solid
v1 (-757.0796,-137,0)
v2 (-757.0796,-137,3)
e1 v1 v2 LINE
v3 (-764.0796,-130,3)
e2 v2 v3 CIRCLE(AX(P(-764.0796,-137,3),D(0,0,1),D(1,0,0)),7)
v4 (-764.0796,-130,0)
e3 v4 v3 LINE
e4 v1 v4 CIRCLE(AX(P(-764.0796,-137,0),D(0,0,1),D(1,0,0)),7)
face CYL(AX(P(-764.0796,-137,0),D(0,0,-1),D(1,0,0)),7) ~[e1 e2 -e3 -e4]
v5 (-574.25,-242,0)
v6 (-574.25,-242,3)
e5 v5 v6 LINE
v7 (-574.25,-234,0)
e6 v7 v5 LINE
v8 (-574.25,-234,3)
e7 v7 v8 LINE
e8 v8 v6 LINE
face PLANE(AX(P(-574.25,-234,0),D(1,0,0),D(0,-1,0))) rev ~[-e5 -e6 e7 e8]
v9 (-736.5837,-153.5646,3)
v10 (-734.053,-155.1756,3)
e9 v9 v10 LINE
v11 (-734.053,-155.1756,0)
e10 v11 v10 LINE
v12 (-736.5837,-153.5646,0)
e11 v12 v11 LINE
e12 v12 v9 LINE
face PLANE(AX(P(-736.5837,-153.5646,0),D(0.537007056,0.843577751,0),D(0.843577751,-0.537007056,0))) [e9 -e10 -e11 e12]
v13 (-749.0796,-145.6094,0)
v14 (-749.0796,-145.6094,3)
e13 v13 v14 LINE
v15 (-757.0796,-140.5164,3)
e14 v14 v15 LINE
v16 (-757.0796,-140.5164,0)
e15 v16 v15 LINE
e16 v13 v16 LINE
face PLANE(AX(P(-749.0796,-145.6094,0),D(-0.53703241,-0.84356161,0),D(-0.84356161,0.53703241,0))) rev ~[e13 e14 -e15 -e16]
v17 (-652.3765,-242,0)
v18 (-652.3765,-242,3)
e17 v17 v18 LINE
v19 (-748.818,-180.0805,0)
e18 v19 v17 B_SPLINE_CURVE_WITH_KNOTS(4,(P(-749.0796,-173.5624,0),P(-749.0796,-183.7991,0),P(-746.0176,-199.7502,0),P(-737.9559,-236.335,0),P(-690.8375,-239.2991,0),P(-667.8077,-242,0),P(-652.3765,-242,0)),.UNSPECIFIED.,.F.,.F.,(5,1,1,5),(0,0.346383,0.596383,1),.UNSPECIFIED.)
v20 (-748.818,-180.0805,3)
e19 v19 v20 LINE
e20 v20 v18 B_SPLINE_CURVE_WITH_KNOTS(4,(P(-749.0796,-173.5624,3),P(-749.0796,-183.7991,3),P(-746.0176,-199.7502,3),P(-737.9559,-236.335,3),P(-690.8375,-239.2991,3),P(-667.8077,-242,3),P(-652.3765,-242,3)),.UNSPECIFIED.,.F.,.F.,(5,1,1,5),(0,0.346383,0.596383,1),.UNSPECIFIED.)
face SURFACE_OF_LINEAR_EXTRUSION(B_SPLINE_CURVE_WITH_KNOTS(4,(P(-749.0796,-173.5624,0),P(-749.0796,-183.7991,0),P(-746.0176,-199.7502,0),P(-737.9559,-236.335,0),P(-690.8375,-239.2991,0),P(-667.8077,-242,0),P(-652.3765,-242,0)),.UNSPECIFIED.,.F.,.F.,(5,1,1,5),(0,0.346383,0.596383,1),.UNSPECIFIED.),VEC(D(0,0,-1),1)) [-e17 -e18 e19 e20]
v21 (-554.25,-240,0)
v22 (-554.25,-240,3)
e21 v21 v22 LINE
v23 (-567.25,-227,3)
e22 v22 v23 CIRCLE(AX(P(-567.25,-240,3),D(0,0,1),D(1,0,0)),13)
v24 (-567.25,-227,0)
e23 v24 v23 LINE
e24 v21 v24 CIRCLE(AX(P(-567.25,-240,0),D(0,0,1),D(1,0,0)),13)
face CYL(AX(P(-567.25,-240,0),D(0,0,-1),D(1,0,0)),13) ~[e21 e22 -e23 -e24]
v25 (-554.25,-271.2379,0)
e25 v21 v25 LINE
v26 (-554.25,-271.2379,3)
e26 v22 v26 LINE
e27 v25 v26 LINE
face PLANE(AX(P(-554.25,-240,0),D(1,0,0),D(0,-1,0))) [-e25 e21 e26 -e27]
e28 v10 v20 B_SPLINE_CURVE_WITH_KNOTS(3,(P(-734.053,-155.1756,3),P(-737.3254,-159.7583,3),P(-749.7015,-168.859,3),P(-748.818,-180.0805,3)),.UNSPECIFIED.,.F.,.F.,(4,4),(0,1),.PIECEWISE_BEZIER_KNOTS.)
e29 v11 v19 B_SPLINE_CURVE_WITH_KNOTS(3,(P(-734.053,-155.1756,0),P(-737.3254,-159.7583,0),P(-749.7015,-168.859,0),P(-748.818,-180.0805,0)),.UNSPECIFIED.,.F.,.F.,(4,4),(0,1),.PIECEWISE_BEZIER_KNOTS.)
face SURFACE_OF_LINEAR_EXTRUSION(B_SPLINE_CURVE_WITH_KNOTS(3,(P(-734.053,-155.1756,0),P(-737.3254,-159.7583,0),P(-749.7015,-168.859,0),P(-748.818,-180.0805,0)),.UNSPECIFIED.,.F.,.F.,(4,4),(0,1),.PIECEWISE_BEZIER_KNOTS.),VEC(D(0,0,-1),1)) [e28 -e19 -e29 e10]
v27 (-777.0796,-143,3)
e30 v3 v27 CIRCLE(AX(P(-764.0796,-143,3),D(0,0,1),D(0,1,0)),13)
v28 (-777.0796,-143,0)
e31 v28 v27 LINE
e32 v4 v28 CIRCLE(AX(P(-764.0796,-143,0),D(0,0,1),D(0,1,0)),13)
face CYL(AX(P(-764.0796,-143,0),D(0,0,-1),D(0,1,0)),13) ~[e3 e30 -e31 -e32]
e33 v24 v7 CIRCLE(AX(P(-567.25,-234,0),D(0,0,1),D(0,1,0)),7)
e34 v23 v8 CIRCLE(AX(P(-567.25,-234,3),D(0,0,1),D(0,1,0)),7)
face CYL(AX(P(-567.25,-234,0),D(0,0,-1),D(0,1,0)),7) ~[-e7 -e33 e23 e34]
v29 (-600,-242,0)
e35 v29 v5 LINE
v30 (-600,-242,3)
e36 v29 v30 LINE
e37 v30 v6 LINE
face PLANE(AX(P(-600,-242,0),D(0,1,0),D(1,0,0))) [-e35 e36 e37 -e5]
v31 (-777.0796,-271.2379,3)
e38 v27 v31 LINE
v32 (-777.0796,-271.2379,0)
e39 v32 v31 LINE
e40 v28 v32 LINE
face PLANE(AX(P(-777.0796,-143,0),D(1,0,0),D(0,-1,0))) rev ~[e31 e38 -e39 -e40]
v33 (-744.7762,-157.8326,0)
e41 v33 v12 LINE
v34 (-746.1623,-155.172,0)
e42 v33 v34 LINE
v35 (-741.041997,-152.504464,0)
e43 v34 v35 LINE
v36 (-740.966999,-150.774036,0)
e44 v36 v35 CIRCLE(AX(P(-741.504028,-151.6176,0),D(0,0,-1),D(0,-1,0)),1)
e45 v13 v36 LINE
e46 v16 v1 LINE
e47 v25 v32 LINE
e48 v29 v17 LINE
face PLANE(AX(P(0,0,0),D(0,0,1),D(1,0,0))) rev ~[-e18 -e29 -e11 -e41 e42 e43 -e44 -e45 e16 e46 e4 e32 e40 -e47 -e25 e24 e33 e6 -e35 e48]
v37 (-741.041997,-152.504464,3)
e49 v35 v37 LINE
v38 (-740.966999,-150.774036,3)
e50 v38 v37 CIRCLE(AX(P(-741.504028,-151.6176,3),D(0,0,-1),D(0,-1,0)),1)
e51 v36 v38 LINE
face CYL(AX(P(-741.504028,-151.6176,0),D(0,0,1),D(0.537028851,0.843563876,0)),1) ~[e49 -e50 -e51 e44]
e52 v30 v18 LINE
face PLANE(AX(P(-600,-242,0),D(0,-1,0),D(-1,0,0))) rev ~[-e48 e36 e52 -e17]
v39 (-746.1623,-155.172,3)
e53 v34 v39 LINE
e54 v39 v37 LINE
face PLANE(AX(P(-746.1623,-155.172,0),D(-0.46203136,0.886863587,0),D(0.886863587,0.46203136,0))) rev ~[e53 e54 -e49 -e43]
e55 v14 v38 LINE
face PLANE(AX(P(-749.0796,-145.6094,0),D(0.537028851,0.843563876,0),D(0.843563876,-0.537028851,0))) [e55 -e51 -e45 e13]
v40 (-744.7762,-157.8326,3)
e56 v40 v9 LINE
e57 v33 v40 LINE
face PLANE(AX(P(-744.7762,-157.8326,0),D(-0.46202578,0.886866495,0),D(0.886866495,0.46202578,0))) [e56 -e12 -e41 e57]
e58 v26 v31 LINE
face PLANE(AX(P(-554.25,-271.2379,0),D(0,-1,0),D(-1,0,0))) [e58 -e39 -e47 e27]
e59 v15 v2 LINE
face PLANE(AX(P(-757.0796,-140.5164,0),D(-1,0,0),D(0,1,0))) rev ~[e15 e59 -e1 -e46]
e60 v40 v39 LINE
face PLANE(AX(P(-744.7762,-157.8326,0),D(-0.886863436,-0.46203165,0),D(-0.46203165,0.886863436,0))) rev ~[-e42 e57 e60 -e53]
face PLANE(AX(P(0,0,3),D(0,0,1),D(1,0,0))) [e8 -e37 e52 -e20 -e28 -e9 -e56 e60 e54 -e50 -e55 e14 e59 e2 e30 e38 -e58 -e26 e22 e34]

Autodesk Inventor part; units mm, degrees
ref_plane "YZ Plane" through (0, 0, 0) normal (1, 0, 0) x (0, 1, 0)
ref_plane "XZ Plane" through (0, 0, 0) normal (0, 1, 0) x (-1, 0, 0)
ref_plane "XY Plane" through (0, 0, 0) normal (0, 0, 1) x (1, 0, 0)
sketch "Sketch3" plane through (0, 0, 0) normal (0, 0, 1) x (1, 0, 0)
  circle A0 centre (368.0481, 50) radius 50 construction
  line L0 (368.0481, 0) -> (514.9541, 0) construction
  line L1 (368.0481, 50) -> (514.9541, 50) construction
  line L2 (368.0481, 100) -> (514.9541, 100) construction
  line L3 (368.0481, 50) -> (343.0481, 6.6987) construction
  line L4 (368.0481, 50) -> (324.7469, 25) construction
  line L5 (368.0481, 50) -> (324.7469, 75) construction
  line L6 (343.0481, 93.3013) -> (368.0481, 50) construction
  line L7 (393.0481, 93.3013) -> (368.0481, 50) construction
  line L8 (411.3494, 75) -> (368.0481, 50) construction
  line L9 (411.3494, 25) -> (368.0481, 50) construction
  line L10 (393.0481, 6.6987) -> (368.0481, 50) construction
  line L11 (368.0481, 0) -> (368.0481, 100) construction
  line L12 (418.0481, 50) -> (368.0481, 50) construction
  line L13 (341.8682, 0) -> (341.8682, 100) construction
  line L14 (315.6883, 0) -> (315.6883, 100) construction
  line L15 (289.5083, 0) -> (289.5083, 100) construction
  line L16 (263.3284, 0) -> (263.3284, 100) construction
  line L17 (237.1485, 0) -> (237.1485, 100) construction
  line L18 (210.9685, 0) -> (210.9685, 100) construction
  line L19 (184.7886, 0) -> (184.7886, 100) construction
  line L20 (158.6086, 0) -> (158.6086, 100) construction
  circle A1 centre (315.6883, 50) radius 50 construction
  circle A2 centre (341.8682, 50) radius 50 construction
  circle A3 centre (289.5083, 50) radius 50 construction
  circle A4 centre (263.3284, 50) radius 50 construction
  circle A5 centre (237.1485, 50) radius 50 construction
  circle A6 centre (210.9685, 50) radius 50 construction
  line L21 (393.0481, 6.6987) -> (514.9541, 6.6987) construction
  line L22 (411.3494, 25) -> (514.9541, 25) construction
  line L23 (411.3494, 75) -> (514.9541, 75) construction
  line L24 (411.3494, 75) -> (514.9541, 75) construction
  line L25 (393.0481, 93.3013) -> (514.9541, 93.3013) construction
  line L26 (358.9895, 75) -> (339.5083, 50) construction
  line L27 (339.5083, 50) -> (306.6297, 25) construction
  line L28 (306.6297, 25) -> (262.1485, 6.6987) construction
  line L29 (262.1485, 6.6987) -> (210.9685, 0) construction
  line L30 (105.4843, -12.0642) -> (105.4843, 125.3083) construction
  line L31 (25.75, 0) -> (25.75, 23)
  line L32 (45.75, 17) -> (45.75, -21.2379)
  arc A7 (32.75, 30) -> (25.75, 23) centre (32.75, 23) ccw
  arc A8 (45.75, 17) -> (32.75, 30) centre (32.75, 17) ccw
  line L33 (32.75, 17) -> (45.75, 17) construction
  line L34 (32.75, 17) -> (32.75, 30) construction
  arc A9 (0, 0) -> (8.875, -12.2379) centre (12.875, 0) ccw
  arc A10 (16.875, -12.2379) -> (25.75, 0) centre (12.875, 0) ccw
  line L35 (45.75, -21.2379) -> (16.875, -21.2379)
  line L36 (8.875, -21.2379) -> (-177.0796, -21.2379)
  circle A11 centre (-144.2046, 110.3653) radius 12.875 construction
  line L37 (8.875, -21.2379) -> (8.875, -12.2379)
  line L38 (16.875, -21.2379) -> (16.875, -12.2379)
  line L39 (411.3494, 75) -> (158.6086, 75) construction
  line L40 (368.0481, 100) -> (158.6086, 100) construction
  line L41 (418.0481, 50) -> (158.6086, 50) construction
  line L42 (411.3494, 25) -> (158.6086, 25) construction
  line L43 (393.0481, 6.6987) -> (158.6086, 6.6987) construction
  line L44 (393.0481, 93.3013) -> (158.6086, 93.3013) construction
  line L45 (358.9895, 75) -> (366.8682, 93.3013) construction
  line L46 (366.8682, 93.3013) -> (368.0481, 100) construction
  spline S0 degree 4 poles (-157.0796, 100) (-157.0796, 88.9946) (-147.011, 72.6811) (-131.8577, 48.7932) (-88.4777, 17.6268) (-50.0176, 3.937) (-18.8717, 0) (0, 0) knots 0 0 0 0 0 0.264547 0.457223 0.66608 1 1 1 1 1
  line L47 (-157.0796, 100) -> (-157.0796, 81.2146) construction
  line L48 (0, 0) -> (-42.8818, 0) construction
  line L49 (-157.0796, 100) -> (-157.0796, 113)
  line L50 (-144.2046, 110.3653) -> (-157.0796, 110.3653) construction
  line L51 (-147.6984, 94.0277) -> (-120.1158, 108.3975) construction
  line L52 (-157.0796, 100) -> (0, 0) construction
  circle A12 centre (-147.2046, 105.4197) radius 9.875 construction
  line L53 (-147.2046, 105.4197) -> (-157.0796, 105.4197) construction
  line L54 (-146.1623, 94.828) -> (-144.7762, 92.1674) construction
  line L55 (-144.7762, 92.1674) -> (-142.2689, 93.4736) construction
  line L56 (-177.0796, 107) -> (-177.0796, -21.2379)
  arc A13 (-157.0796, 113) -> (-164.0796, 120) centre (-164.0796, 113) ccw
  line L57 (-164.0796, 113) -> (-164.0796, 120) construction
  line L58 (-164.0796, 113) -> (-157.0796, 113) construction
  arc A14 (-164.0796, 120) -> (-177.0796, 107) centre (-164.0796, 107) ccw
  line L59 (-164.0796, 107) -> (-177.0796, 107) construction
  line L60 (-164.0796, 107) -> (-164.0796, 120) construction
  line L61 (-457.0796, 100) -> (-300, 0)
  line L62 (-757.0796, 100) -> (-757.0796, 76.4376)
  line L63 (-600, 0) -> (-652.3765, 0)
  spline S1 degree 4 poles (-757.0796, 76.4376) (-757.0796, 65.0585) (-753.7776, 47.1407) (-745.4013, 7.8331) (-693.0053, 2.4317) (-668.8587, 0) (-652.3765, 0) knots 0 0 0 0 0 0.348765 0.598765 1 1 1 1 1
  line L64 (-477.0796, 107) -> (-477.0796, -21.2379)
  arc A15 (-464.0796, 120) -> (-477.0796, 107) centre (-464.0796, 107) ccw
  arc A16 (-457.0796, 113) -> (-464.0796, 120) centre (-464.0796, 113) ccw
  line L65 (-457.0796, 100) -> (-457.0796, 113)
  circle A17 centre (-447.2046, 105.4197) radius 9.875 construction
  circle A18 centre (-444.2046, 110.3653) radius 12.875 construction
  line L66 (-457.0796, 100) -> (-300, 0) construction
  line L67 (-447.6984, 94.0277) -> (-420.1158, 108.3975) construction
  line L68 (-444.7762, 92.1674) -> (-442.2689, 93.4736) construction
  line L69 (-446.1623, 94.828) -> (-444.7762, 92.1674) construction
  line L70 (-291.125, -21.2379) -> (-477.0796, -21.2379)
  arc A19 (-300, 0) -> (-291.125, -12.2379) centre (-287.125, 0) ccw
  line L71 (-291.125, -21.2379) -> (-291.125, -12.2379)
  line L72 (-283.125, -21.2379) -> (-283.125, -12.2379)
  arc A20 (-283.125, -12.2379) -> (-274.25, 0) centre (-287.125, 0) ccw
  line L73 (-254.25, -21.2379) -> (-283.125, -21.2379)
  line L74 (-254.25, 17) -> (-254.25, -21.2379)
  line L75 (-274.25, 0) -> (-274.25, 23)
  arc A21 (-267.25, 30) -> (-274.25, 23) centre (-267.25, 23) ccw
  arc A22 (-254.25, 17) -> (-267.25, 30) centre (-267.25, 17) ccw
  line L76 (-777.0796, 107) -> (-777.0796, -21.2379)
  arc A23 (-764.0796, 120) -> (-777.0796, 107) centre (-764.0796, 107) ccw
  arc A24 (-757.0796, 113) -> (-764.0796, 120) centre (-764.0796, 113) ccw
  line L77 (-757.0796, 100) -> (-757.0796, 113)
  circle A25 centre (-747.2046, 105.4197) radius 9.875 construction
  circle A26 centre (-744.2046, 110.3653) radius 12.875 construction
  line L78 (-757.0796, 100) -> (-600, 0) construction
  line L79 (-747.6984, 94.0277) -> (-720.1158, 108.3975) construction
  line L80 (-744.7762, 92.1674) -> (-742.2689, 93.4736) construction
  line L81 (-746.1623, 94.828) -> (-744.7762, 92.1674) construction
  line L82 (-591.125, -21.2379) -> (-777.0796, -21.2379)
  arc A27 (-600, 0) -> (-591.125, -12.2379) centre (-587.125, 0) ccw
  line L83 (-591.125, -21.2379) -> (-591.125, -12.2379)
  line L84 (-583.125, -21.2379) -> (-583.125, -12.2379)
  arc A28 (-583.125, -12.2379) -> (-574.25, 0) centre (-587.125, 0) ccw
  line L85 (-554.25, -21.2379) -> (-583.125, -21.2379)
  line L86 (-554.25, 17) -> (-554.25, -21.2379)
  line L87 (-574.25, 0) -> (-574.25, 23)
  arc A29 (-567.25, 30) -> (-574.25, 23) centre (-567.25, 23) ccw
  arc A30 (-554.25, 17) -> (-567.25, 30) centre (-567.25, 17) ccw
  line L88 (32.75, -233) -> (45.75, -233) construction
  line L89 (32.75, -233) -> (32.75, -220) construction
  arc A31 (45.75, -233) -> (32.75, -220) centre (32.75, -233) ccw construction
  line L90 (25.75, -250) -> (25.75, -227) construction
  line L91 (45.75, -233) -> (45.75, -271.2379) construction
  arc A32 (16.875, -262.2379) -> (25.75, -250) centre (12.875, -250) ccw construction
  line L92 (45.75, -271.2379) -> (16.875, -271.2379) construction
  arc A33 (0, -250) -> (8.875, -262.2379) centre (12.875, -250) ccw construction
  arc A34 (32.75, -220) -> (25.75, -227) centre (32.75, -227) ccw construction
  line L93 (8.875, -271.2379) -> (-177.0796, -271.2379) construction
  line L94 (-157.0796, -150) -> (0, -250) construction
  spline S2 degree 4 poles (-157.0796, -150) (-157.0796, -161.0054) (-147.011, -177.3189) (-131.8577, -201.2068) (-88.4777, -232.3732) (-50.0176, -246.063) (-18.8717, -250) (0, -250) knots 0 0 0 0 0 0.264547 0.457223 0.66608 1 1 1 1 1 construction
  line L95 (-177.0796, -143) -> (-177.0796, -271.2379)
  line L96 (-146.1623, -155.172) -> (-144.7762, -157.8326) construction
  line L97 (-144.7762, -157.8326) -> (-142.2689, -156.5264) construction
  line L98 (-147.6984, -155.9723) -> (-120.1158, -141.6025) construction
  line L99 (-157.0796, -150) -> (-157.0796, -168.7854) construction
  line L100 (-147.2046, -144.5803) -> (-157.0796, -144.5803) construction
  line L101 (-144.2046, -139.6347) -> (-157.0796, -139.6347) construction
  circle A35 centre (-147.2046, -144.5803) radius 9.875 construction
  line L102 (0, -250) -> (-42.8818, -250) construction
  line L103 (16.875, -271.2379) -> (16.875, -262.2379) construction
  line L104 (8.875, -271.2379) -> (8.875, -262.2379) construction
  circle A36 centre (-144.2046, -139.6347) radius 12.875 construction
  line L105 (-164.0796, -143) -> (-177.0796, -143) construction
  line L106 (-157.0796, -150) -> (-157.0796, -137) construction
  line L107 (-164.0796, -137) -> (-157.0796, -137) construction
  arc A37 (-157.0796, -137) -> (-164.0796, -130) centre (-164.0796, -137) ccw
  line L108 (-164.0796, -137) -> (-164.0796, -130) construction
  line L109 (-164.0796, -143) -> (-164.0796, -130) construction
  arc A38 (-164.0796, -130) -> (-177.0796, -143) centre (-164.0796, -143) ccw
  arc A39 (32.75, -227) -> (25.75, -234) centre (32.75, -234) ccw
  line L110 (32.75, -234) -> (25.75, -234) construction
  line L111 (32.75, -234) -> (32.75, -227) construction
  line L112 (45.75, -271.2379) -> (-177.0796, -271.2379)
  arc A40 (45.75, -240) -> (32.75, -227) centre (32.75, -240) ccw
  line L113 (32.75, -240) -> (45.75, -240) construction
  line L114 (32.75, -240) -> (32.75, -227) construction
  line L115 (45.75, -240) -> (45.75, -271.2379)
  line L116 (0, -242) -> (25.75, -242)
  line L117 (25.75, -234) -> (25.75, -242)
  line L118 (-149.0796, -145.6094) -> (-149.0796, -150)
  line L119 (-149.0796, -145.6094) -> (-157.0796, -140.5164)
  line L120 (-157.0796, -140.5164) -> (-157.0796, -137)
  line L121 (57.9242, -250) -> (-50.1018, -250) construction
  spline S3 degree 4 poles (-149.0796, -150) (-149.0796, -154.1011) (-147.2668, -159.7716) (-135.8793, -178.0796) (-120.229, -197.0865) (-83.3361, -225.9308) (-47.2959, -235.9761) (-18.0598, -242) (0, -242) knots 0 0 0 0 0 0.173174 0.31592 0.488873 0.682943 1 1 1 1 1
  line L122 (-158.9844, -148.7874) -> (-160.5796, -147.7718) construction
  line L123 (-149.0796, -145.6094) -> (2.3304, -242) construction
  line L124 (-149.0796, -145.6094) -> (-139.5059, -151.7042)
  line L125 (-146.1623, -155.172) -> (-139.5059, -151.7042)
  line L126 (-144.7762, -157.8326) -> (-146.1623, -155.172)
  line L127 (-144.7762, -157.8326) -> (-136.5837, -153.5646)
  line L128 (-136.5837, -153.5646) -> (-134.053, -155.1756)
  line L129 (-136.5837, -153.5646) -> (-136.7042, -153.7538) construction
  line L130 (-134.053, -155.1756) -> (-134.1481, -155.3251) construction
  spline S4 degree 4 poles (-134.053, -155.1756) (-136.3893, -157.4676) (-136.0613, -162.1246) (-140.7447, -169.8773) (-137.1035, -175.12) knots 0 0 0 0 0 1 1 1 1 1
  line L131 (-134.053, -155.1756) -> (-131.4385, -154.0999) construction
  line L132 (-254.25, -271.2379) -> (-477.0796, -271.2379)
  line L133 (-477.0796, -143) -> (-477.0796, -271.2379)
  arc A41 (-464.0796, -130) -> (-477.0796, -143) centre (-464.0796, -143) ccw
  arc A42 (-457.0796, -137) -> (-464.0796, -130) centre (-464.0796, -137) ccw
  line L134 (-457.0796, -140.5164) -> (-457.0796, -137)
  line L135 (-449.0796, -145.6094) -> (-457.0796, -140.5164)
  line L136 (-449.0796, -145.6094) -> (-439.5059, -151.7042)
  line L137 (-446.1623, -155.172) -> (-439.5059, -151.7042)
  line L138 (-444.7762, -157.8326) -> (-446.1623, -155.172)
  line L139 (-444.7762, -157.8326) -> (-436.5837, -153.5646)
  line L140 (-436.5837, -153.5646) -> (-434.053, -155.1756)
  line L141 (-449.0796, -145.6094) -> (-297.6696, -242) construction
  line L142 (-300, -242) -> (-274.25, -242)
  line L143 (-274.25, -234) -> (-274.25, -242)
  arc A43 (-267.25, -227) -> (-274.25, -234) centre (-267.25, -234) ccw
  arc A44 (-254.25, -240) -> (-267.25, -227) centre (-267.25, -240) ccw
  line L144 (-254.25, -240) -> (-254.25, -271.2379)
  circle A45 centre (-447.2046, -144.5803) radius 9.875 construction
  line L145 (-457.0796, -150) -> (-300, -250) construction
  circle A46 centre (-444.2046, -139.6347) radius 12.875 construction
  line L146 (-554.25, -271.2379) -> (-777.0796, -271.2379)
  line L147 (-777.0796, -143) -> (-777.0796, -271.2379)
  arc A47 (-764.0796, -130) -> (-777.0796, -143) centre (-764.0796, -143) ccw
  arc A48 (-757.0796, -137) -> (-764.0796, -130) centre (-764.0796, -137) ccw
  line L148 (-757.0796, -140.5164) -> (-757.0796, -137)
  line L149 (-749.0796, -145.6094) -> (-757.0796, -140.5164)
  line L150 (-749.0796, -145.6094) -> (-739.5059, -151.7042)
  line L151 (-746.1623, -155.172) -> (-739.5059, -151.7042)
  line L152 (-744.7762, -157.8326) -> (-746.1623, -155.172)
  line L153 (-744.7762, -157.8326) -> (-736.5837, -153.5646)
  line L154 (-736.5837, -153.5646) -> (-734.053, -155.1756)
  line L155 (-749.0796, -145.6094) -> (-597.6696, -242) construction
  line L156 (-600, -242) -> (-574.25, -242)
  line L157 (-574.25, -234) -> (-574.25, -242)
  arc A49 (-567.25, -227) -> (-574.25, -234) centre (-567.25, -234) ccw
  arc A50 (-554.25, -240) -> (-567.25, -227) centre (-567.25, -240) ccw
  line L158 (-554.25, -240) -> (-554.25, -271.2379)
  circle A51 centre (-747.2046, -144.5803) radius 9.875 construction
  line L159 (-757.0796, -150) -> (-600, -250) construction
  circle A52 centre (-744.2046, -139.6347) radius 12.875 construction
  line L160 (-297.6696, -242) -> (-434.053, -155.1756)
  spline S5 degree 4 poles (-757.0796, -173.5624) (-757.0796, -184.9415) (-753.7776, -202.8593) (-745.4013, -242.1669) (-693.0053, -247.5683) (-668.8587, -250) (-652.3765, -250) knots 0 0 0 0 0 0.348765 0.598765 1 1 1 1 1 construction
  line L161 (-757.0796, -150) -> (-757.0796, -173.5624)
  line L162 (-600, -250) -> (-652.3765, -250) construction
  line L163 (-600, -242) -> (-652.3765, -242)
  spline S6 degree 4 poles (-749.0796, -173.5624) (-749.0796, -183.7991) (-746.0176, -199.7502) (-737.9559, -236.335) (-690.8375, -239.2991) (-667.8077, -242) (-652.3765, -242) knots 0 0 0 0 0 0.346383 0.596383 1 1 1 1 1
  line L164 (-749.0796, -173.5624) -> (-749.0796, -170.035) construction
  spline S7 degree 3 poles (-734.053, -155.1756) (-737.3254, -159.7583) (-749.7015, -168.859) (-748.818, -180.0805) knots 0 0 0 0 1 1 1 1
  point P0 (158.6086, 0)
  point P1 (-148.021, 75)
  point P2 (-128.5398, 50)
  point P3 (-95.6611, 25)
  point P4 (-51.1799, 6.6987)
  point P5 (-155.8997, 93.3013)
  point P6 (-753.2027, 48.1984)
  point P7 (-737.7866, 19.9116)
  point P8 (-697.6619, 3.8098)
  point P9 (-457.0796, 110.3653)
  point P10 (-457.0796, 105.4197)
  point P11 (-757.0796, 110.3653)
  point P12 (-757.0796, 105.4197)
  point P13 (-51.1799, -243.3013)
  point P14 (-95.6611, -225)
  point P15 (-148.021, -175)
  point P16 (-128.5398, -200)
  point P17 (-155.8997, -156.6987)
  point P18 (-157.0796, -141.4334)
  point P19 (-153.0796, -143.0629)
  point P20 (-152.1421, -144.5803)
  point P21 (3.9112, -250)
  point P22 (-147.2046, -158.2164)
  point P23 (-137.7547, -174.1759)
  point P24 (-121.904, -193.5196)
  point P25 (-91.5665, -216.9339)
  point P26 (-48.8291, -234.4712)
  point P27 (-135.7448, -158.2544)
  point P28 (-137.814, -165.5952)
  point P29 (-453.0796, -143.0629)
  point P30 (-457.0796, -144.5803)
  point P31 (-447.6984, -155.9723)
  point P32 (-457.0796, -139.6347)
  point P33 (-753.0796, -143.0629)
  point P34 (-757.0796, -144.5803)
  point P35 (-747.6984, -155.9723)
  point P36 (-757.0796, -139.6347)
  point P37 (-753.2027, -201.8016)
  point P38 (-737.7866, -230.0884)
  point P39 (-697.6619, -246.1902)
  point P40 (-745.4939, -198.9007)
  point P41 (-731.3987, -224.5882)
  point P42 (-695.3384, -238.4632)
  point P43 (-741.9622, -163.8871)
  point P44 (-300, 0)
  dimension "d43" = 25.75
  dimension "d53" = 19.75
  dimension "diameter" = 100
  dimension "d8" = 26.1799
  dimension "d14" = 30
  dimension "d15" = 30
  dimension "d16" = 30
  dimension "d26" = 90
  dimension "stopper" = 30
  dimension "stopperthickness" = 20
  dimension "d32" = 12.875
  dimension "d33" = 12.875
  dimension "d38" = 6
  dimension "d47" = 8
  dimension "d49" = 9
  dimension "d55" = 120
  dimension "d56" = 3
  dimension "d57" = 90
  dimension "d58" = 90
  dimension "d59" = 20
  dimension "d60" = 6
  dimension "d61" = 20
  dimension "d62" = 28.875
  dimension "d72" = 300
  dimension "d93" = 250
  dimension "d98" = 90
  dimension "d99" = 44.2379
  dimension "d100" = 37.2379
  dimension "d101" = 90
  dimension "railheight" = 8
  dimension "d104" = 8
  dimension "d105" = 8
  dimension "d106" = 3
  dimension "d109" = 300
  dimension "d116" = 250
  dimension "d121" = 8
extrude "Extrusion1" add sketch "Sketch3" along normal blind 3 contours L146 L147 A47 A48 L148 L149 L150 L151 L152 L153 L154 S7 S6 L163 L156 L157 A49 A50 L158
fillet "Fillet2" radius 1 1 edges at (-739.5059, -151.7042, 1.5)
equation "\"d8\" = 0.261799 * diameter"
properties part number "steep-rail"
